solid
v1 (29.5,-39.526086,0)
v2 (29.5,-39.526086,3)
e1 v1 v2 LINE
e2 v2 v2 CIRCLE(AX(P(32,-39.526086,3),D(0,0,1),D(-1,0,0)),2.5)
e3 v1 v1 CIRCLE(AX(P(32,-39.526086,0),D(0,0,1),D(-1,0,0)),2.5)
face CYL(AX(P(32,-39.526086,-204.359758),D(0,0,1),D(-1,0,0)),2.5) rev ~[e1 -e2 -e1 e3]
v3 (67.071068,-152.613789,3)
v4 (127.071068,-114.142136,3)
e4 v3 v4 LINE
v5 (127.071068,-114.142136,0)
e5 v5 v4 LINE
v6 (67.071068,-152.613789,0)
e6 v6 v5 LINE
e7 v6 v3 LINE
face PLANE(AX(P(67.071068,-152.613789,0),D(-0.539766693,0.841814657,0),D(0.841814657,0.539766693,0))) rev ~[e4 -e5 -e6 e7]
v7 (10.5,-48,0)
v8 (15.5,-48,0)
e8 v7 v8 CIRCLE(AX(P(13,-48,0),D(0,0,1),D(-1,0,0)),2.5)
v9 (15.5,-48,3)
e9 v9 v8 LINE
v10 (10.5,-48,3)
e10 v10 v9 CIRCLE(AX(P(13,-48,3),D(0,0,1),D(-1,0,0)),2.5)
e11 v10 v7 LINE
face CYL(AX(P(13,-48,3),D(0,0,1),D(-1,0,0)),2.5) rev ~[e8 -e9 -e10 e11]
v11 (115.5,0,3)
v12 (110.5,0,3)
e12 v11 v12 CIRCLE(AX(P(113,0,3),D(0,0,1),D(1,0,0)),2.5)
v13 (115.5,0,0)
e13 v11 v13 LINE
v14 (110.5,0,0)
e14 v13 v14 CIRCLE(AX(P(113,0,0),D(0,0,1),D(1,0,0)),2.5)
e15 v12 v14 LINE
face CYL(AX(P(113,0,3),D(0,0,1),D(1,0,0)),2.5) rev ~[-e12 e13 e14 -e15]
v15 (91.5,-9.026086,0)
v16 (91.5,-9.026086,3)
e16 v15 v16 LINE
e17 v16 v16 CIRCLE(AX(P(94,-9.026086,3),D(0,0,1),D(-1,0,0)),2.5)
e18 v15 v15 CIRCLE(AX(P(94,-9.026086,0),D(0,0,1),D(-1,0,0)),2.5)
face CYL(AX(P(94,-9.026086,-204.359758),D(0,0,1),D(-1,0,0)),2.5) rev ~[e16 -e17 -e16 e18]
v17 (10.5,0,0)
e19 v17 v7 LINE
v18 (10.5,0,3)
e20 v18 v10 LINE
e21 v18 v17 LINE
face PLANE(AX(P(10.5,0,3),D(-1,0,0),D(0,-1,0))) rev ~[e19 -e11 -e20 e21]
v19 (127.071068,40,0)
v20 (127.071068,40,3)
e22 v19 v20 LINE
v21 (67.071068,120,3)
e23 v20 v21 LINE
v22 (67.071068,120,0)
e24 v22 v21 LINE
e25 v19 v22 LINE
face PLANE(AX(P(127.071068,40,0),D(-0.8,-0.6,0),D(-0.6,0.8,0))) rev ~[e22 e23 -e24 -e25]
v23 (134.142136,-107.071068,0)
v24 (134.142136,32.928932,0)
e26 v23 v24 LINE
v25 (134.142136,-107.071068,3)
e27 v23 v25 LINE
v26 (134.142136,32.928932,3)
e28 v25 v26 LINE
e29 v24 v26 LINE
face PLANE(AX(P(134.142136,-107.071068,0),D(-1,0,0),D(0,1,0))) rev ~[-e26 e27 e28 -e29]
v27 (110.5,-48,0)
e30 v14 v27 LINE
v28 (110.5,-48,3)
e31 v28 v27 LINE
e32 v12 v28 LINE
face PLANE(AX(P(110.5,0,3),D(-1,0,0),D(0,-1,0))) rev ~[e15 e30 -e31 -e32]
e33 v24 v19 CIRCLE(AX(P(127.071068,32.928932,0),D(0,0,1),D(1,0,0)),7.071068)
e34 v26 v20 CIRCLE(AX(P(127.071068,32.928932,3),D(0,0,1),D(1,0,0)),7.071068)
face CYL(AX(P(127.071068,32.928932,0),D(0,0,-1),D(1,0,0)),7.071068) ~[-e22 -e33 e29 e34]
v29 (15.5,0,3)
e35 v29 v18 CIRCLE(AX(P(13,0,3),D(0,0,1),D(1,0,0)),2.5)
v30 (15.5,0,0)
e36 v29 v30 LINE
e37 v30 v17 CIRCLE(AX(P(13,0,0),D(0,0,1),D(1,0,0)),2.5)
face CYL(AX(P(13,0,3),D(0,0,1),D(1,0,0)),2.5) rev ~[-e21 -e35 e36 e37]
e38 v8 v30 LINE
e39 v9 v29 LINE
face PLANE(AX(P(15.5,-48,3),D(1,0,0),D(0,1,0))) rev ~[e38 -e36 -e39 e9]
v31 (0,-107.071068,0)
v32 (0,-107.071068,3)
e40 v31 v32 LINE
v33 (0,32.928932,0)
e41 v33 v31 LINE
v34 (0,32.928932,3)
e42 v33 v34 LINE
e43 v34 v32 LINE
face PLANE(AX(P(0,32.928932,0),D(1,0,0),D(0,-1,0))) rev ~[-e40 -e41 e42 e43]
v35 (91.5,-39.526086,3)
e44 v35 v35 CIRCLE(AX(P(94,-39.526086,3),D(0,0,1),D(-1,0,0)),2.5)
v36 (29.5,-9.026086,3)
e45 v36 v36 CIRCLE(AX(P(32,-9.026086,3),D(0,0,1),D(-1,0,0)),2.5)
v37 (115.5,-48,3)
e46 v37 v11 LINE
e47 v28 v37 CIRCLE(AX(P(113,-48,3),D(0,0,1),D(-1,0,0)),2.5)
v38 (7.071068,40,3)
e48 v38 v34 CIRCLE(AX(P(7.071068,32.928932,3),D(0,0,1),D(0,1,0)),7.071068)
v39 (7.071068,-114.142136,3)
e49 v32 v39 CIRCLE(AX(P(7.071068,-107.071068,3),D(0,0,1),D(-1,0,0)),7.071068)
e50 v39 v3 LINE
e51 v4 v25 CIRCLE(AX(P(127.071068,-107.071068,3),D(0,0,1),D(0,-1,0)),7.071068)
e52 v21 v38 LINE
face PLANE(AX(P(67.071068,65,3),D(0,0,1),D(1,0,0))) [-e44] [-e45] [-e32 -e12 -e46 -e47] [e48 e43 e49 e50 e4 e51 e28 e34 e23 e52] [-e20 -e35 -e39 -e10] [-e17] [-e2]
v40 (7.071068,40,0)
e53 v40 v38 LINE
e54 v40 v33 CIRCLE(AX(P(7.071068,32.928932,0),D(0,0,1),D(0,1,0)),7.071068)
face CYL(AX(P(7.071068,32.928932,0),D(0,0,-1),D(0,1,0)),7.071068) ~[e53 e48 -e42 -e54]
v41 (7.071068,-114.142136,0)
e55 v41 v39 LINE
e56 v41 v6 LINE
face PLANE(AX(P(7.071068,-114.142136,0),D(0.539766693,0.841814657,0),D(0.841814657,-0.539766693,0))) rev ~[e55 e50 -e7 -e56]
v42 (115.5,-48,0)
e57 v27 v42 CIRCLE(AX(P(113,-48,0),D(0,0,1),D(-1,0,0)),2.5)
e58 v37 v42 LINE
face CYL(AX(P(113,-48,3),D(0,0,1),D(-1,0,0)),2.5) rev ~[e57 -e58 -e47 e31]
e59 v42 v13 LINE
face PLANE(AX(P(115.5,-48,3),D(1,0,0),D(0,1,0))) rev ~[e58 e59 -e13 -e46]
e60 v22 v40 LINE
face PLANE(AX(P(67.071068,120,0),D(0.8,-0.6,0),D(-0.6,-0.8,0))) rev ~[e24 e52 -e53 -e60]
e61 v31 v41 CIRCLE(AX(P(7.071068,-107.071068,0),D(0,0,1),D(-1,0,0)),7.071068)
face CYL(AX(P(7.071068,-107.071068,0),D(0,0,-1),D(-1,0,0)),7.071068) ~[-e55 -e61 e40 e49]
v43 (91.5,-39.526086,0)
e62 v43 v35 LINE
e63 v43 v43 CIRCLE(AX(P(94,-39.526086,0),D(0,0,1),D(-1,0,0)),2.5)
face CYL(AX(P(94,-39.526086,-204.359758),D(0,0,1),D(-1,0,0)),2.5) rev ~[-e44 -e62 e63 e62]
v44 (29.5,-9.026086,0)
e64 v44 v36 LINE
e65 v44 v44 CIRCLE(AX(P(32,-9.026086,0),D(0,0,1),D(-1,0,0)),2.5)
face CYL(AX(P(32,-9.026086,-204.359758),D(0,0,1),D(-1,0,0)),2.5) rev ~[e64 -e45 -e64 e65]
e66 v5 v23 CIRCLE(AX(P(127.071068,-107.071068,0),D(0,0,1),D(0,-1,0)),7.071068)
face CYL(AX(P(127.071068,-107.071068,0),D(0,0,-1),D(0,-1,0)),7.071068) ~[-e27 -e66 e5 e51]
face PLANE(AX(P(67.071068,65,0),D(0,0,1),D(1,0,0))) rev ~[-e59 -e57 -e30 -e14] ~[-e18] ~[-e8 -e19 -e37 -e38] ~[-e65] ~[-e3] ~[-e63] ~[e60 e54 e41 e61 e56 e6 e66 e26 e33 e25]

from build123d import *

# Parameters (mm, degrees)
F1_DEPTH = 3
F2_D     = 5
F3_D     = 5
F5_DEPTH = 25
F6_DEPTH = 25
F7_DEPTH = 3


with BuildPart() as f1:
    # F0 (on Top) → F1 (new body)
    with BuildSketch(Plane.XY):
        with BuildLine():
            ThreePointArc((7.0710678119, 40), (2.0710678119, 37.9289321881), (0, 32.9289321881))
            Line((0, 32.9289321881), (0, 0))
            Line((0, 0), (0, -107.0710678119))
            ThreePointArc((0, -107.0710678119), (2.0710678119, -112.0710678119), (7.0710678119, -114.1421356237))
            Line((7.0710678119, -114.1421356237), (127.0710678119, -114.1421356237))
            ThreePointArc((127.0710678119, -114.1421356237), (132.0710678119, -112.0710678119), (134.1421356237, -107.0710678119))
            Line((134.1421356237, -107.0710678119), (134.1421356237, 0))
            Line((134.1421356237, 0), (134.1421356237, 32.9289321881))
            ThreePointArc((134.1421356237, 32.9289321881), (132.0710678119, 37.9289321881), (127.0710678119, 40))
            Line((127.0710678119, 40), (7.0710678119, 40))
        make_face()
    extrude(amount=F1_DEPTH)

    # F2 (through all)
    with Locations(Plane(origin=(0, 0, 0), x_dir=(1, 0, 0), z_dir=(0, 0, -1))):
        with Locations((94, 9.0260861005), (32, 9.0260861005)):
            Hole(F2_D / 2)

    # F3 (through all)
    with Locations(Plane(origin=(0, 0, 0), x_dir=(1, 0, 0), z_dir=(0, 0, -1))):
        with Locations((32, 39.5260861005), (94, 39.5260861005)):
            Hole(F3_D / 2)

    # F4 (on face) → F5 (cut)
    with BuildSketch(Plane.XY.offset(3)):
        with BuildLine():
            ThreePointArc((115.5, 0), (113, 2.5), (110.5, 0))
            Line((110.5, 0), (110.5, -48))
            ThreePointArc((110.5, -48), (113, -50.5), (115.5, -48))
            Line((115.5, -48), (115.5, 0))
        make_face()
    extrude(amount=-F5_DEPTH, mode=Mode.SUBTRACT)

    # F4 (on face) → F6 (cut)
    with BuildSketch(Plane.XY.offset(3)):
        with BuildLine():
            ThreePointArc((15.5, 0), (13, 2.5), (10.5, 0))
            Line((10.5, 0), (10.5, -48))
            ThreePointArc((10.5, -48), (13, -50.5), (15.5, -48))
            Line((15.5, -48), (15.5, 0))
        make_face()
    extrude(amount=-F6_DEPTH, mode=Mode.SUBTRACT)

    # F0 (on Top) → F7 (join)
    with BuildSketch(Plane.XY):
        Polygon((67.0710678119, 120), (7.0710678119, 40), (127.0710678119, 40), align=None)
        Polygon((127.0710678119, -114.1421356237), (7.0710678119, -114.1421356237), (67.0710678119, -152.6137888432), align=None)
    extrude(amount=F7_DEPTH)


solid = f1.part
